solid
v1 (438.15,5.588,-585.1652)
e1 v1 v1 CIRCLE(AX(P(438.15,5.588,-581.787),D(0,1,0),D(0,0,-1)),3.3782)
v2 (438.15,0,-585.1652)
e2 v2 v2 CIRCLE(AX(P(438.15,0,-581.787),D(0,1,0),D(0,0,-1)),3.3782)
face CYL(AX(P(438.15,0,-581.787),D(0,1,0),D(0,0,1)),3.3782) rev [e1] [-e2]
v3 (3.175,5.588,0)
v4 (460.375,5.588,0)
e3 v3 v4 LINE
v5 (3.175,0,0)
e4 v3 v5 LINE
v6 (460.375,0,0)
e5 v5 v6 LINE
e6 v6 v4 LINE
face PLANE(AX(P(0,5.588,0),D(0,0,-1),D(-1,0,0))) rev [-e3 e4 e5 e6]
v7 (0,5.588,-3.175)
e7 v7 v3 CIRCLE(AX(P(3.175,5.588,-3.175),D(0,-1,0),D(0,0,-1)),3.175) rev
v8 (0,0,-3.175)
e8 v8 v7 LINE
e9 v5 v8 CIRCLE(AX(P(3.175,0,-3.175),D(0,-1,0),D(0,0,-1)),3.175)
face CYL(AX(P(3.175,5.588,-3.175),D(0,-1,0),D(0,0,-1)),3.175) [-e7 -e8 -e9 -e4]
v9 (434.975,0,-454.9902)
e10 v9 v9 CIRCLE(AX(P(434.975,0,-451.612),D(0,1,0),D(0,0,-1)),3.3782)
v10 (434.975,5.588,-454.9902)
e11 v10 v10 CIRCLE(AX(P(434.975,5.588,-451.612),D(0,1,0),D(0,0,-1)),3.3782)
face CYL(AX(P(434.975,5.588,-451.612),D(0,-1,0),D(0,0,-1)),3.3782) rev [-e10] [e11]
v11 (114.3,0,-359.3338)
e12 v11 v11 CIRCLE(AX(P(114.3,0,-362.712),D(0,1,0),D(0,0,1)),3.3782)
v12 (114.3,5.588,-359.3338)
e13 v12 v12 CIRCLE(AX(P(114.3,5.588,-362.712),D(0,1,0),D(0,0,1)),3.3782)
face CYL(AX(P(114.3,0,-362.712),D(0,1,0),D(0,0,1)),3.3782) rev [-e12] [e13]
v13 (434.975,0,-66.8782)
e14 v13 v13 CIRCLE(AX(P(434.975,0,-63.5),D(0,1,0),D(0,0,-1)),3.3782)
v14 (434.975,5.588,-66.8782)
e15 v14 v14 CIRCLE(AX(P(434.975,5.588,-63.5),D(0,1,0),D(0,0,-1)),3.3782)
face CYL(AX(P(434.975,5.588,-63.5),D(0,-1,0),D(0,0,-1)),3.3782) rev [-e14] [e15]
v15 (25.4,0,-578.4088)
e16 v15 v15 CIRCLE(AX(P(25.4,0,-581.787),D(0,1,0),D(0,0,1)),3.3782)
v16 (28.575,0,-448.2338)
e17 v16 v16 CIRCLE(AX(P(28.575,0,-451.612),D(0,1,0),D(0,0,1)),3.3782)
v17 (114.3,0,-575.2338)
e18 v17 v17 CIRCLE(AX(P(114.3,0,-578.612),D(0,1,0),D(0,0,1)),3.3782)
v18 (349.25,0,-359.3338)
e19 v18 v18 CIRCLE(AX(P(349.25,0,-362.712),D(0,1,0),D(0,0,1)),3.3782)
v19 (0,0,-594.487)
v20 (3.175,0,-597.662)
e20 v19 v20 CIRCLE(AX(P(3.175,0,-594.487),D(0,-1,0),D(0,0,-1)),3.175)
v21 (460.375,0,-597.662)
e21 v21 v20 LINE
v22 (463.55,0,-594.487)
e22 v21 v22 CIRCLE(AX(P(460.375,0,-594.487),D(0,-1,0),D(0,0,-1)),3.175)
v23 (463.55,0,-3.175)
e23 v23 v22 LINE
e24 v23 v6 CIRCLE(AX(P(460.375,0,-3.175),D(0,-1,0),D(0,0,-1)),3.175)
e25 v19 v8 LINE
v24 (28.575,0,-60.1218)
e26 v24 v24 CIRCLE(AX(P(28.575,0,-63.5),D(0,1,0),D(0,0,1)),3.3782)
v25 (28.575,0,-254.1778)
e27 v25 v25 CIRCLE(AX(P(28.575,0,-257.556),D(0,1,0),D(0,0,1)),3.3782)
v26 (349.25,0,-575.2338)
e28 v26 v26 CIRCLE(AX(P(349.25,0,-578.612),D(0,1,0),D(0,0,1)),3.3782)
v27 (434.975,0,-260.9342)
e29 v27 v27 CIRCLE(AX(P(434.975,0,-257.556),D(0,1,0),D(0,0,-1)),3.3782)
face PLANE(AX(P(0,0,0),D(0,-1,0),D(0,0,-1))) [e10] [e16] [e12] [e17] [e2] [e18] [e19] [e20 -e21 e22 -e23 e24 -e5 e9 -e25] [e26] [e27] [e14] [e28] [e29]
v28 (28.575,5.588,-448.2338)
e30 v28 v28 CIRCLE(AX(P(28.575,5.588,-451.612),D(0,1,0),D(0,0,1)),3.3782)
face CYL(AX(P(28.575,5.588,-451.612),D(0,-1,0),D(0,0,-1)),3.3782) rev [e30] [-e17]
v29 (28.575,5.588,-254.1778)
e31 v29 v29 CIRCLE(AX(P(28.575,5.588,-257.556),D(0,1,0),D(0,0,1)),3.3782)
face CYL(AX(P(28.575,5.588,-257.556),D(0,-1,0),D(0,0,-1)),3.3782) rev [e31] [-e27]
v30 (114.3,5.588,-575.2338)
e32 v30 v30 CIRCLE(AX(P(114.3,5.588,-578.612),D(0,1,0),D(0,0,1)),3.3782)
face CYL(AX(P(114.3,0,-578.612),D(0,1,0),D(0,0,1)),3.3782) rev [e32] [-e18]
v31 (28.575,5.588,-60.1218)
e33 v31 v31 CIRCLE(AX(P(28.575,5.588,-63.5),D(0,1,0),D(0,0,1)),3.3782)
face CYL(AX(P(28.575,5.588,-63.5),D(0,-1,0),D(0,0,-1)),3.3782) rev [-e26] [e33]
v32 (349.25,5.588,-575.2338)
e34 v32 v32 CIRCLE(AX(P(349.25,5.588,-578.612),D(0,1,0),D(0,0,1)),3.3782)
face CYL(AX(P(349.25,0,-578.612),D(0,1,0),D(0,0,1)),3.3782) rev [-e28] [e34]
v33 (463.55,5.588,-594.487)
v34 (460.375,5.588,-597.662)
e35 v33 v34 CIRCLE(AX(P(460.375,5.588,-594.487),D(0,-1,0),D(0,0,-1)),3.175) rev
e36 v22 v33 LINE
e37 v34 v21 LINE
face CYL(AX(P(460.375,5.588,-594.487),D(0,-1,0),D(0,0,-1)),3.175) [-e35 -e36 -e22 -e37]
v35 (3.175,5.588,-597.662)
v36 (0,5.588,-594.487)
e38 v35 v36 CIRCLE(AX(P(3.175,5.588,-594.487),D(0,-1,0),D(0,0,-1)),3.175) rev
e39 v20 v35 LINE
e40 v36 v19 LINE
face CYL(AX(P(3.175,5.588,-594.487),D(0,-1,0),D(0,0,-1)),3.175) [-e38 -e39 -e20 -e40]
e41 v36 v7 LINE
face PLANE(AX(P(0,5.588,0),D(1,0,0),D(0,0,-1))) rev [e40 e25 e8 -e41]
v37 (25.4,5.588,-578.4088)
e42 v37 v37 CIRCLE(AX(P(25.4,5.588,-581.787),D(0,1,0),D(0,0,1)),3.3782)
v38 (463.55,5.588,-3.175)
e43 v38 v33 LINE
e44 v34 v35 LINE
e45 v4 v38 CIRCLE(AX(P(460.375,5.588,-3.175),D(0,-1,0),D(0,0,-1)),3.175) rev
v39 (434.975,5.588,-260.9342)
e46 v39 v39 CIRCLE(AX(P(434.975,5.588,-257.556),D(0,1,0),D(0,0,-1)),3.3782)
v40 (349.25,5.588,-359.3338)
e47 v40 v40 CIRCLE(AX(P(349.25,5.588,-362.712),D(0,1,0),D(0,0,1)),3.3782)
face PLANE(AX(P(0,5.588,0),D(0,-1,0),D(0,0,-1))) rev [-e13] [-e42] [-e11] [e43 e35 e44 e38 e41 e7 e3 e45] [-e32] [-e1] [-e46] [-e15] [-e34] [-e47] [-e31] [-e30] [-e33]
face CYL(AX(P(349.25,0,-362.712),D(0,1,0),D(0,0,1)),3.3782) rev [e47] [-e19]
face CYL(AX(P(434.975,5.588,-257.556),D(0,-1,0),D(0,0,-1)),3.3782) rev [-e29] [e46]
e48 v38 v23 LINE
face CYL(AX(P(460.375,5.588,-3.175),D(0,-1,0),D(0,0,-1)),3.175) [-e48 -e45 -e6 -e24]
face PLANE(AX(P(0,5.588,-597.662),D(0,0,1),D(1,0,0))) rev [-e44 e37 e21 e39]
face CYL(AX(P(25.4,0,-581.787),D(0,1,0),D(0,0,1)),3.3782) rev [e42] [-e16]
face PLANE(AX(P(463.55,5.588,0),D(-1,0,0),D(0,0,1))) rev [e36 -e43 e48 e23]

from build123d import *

# Parameters (mm, degrees)
SKETCH1_W           = 463.55
SKETCH1_H           = 597.662
SKETCH1_R           = 3.3782
BOSS_EXTRUDE1_DEPTH = 5.588
FILLET1_R           = 3.175
SKETCH2_R           = 3.3782
CUT_EXTRUDE1_DEPTH  = 757.379332404
SKETCH3_R           = 3.3782
CUT_EXTRUDE2_DEPTH  = 757.379332404


with BuildPart() as part:
    # Sketch1 → Boss-Extrude1 (new body)
    with BuildSketch(Plane(origin=(0, 0, 0), x_dir=(1, 0, 0), z_dir=(0, 1, 0))):
        with Locations((231.775, 298.831)):
            Rectangle(SKETCH1_W, SKETCH1_H)
        with Locations(Location((28.575, 63.5, 0), (0, 0, 270))):
            Circle(SKETCH1_R, mode=Mode.SUBTRACT)
        with Locations(Location((28.575, 257.556, 0), (0, 0, 270))):
            Circle(SKETCH1_R, mode=Mode.SUBTRACT)
        with Locations(Location((28.575, 451.612, 0), (0, 0, 270))):
            Circle(SKETCH1_R, mode=Mode.SUBTRACT)
        with Locations(Location((434.975, 451.612, 0), (0, 0, 90))):
            Circle(SKETCH1_R, mode=Mode.SUBTRACT)
        with Locations(Location((434.975, 257.556, 0), (0, 0, 90))):
            Circle(SKETCH1_R, mode=Mode.SUBTRACT)
        with Locations(Location((434.975, 63.5, 0), (0, 0, 90))):
            Circle(SKETCH1_R, mode=Mode.SUBTRACT)
    extrude(amount=BOSS_EXTRUDE1_DEPTH)

    # Fillet1
    fillet1_edges = [part.edges().sort_by_distance(p)[0] for p in [
        (0, 2.794, -597.662),
        (463.55, 2.794, -597.662),
        (463.55, 2.794, 0),
        (0, 2.794, 0),
    ]]
    fillet(fillet1_edges, radius=FILLET1_R)

    # Sketch2 → Cut-Extrude1 (cut, through all)
    with BuildSketch(Plane(origin=(0, 5.588, 0), x_dir=(1, 0, 0), z_dir=(0, 1, 0))):
        with Locations(Location((25.4, 581.787, 0), (0, 0, 270))):
            Circle(SKETCH2_R)
        with Locations(Location((438.15, 581.787, 0), (0, 0, 90))):
            Circle(SKETCH2_R)
    extrude(amount=-CUT_EXTRUDE1_DEPTH, mode=Mode.SUBTRACT)

    # Sketch3 → Cut-Extrude2 (cut, through all)
    with BuildSketch(Plane(origin=(0, 5.588, 0), x_dir=(1, 0, 0), z_dir=(0, 1, 0))):
        with Locations(Location((114.3, 578.612, 0), (0, 0, 270))):
            Circle(SKETCH3_R)
        with Locations(Location((349.25, 578.612, 0), (0, 0, 270))):
            Circle(SKETCH3_R)
        with Locations(Location((114.3, 362.712, 0), (0, 0, 270))):
            Circle(SKETCH3_R)
        with Locations(Location((349.25, 362.712, 0), (0, 0, 270))):
            Circle(SKETCH3_R)
    extrude(amount=-CUT_EXTRUDE2_DEPTH, mode=Mode.SUBTRACT)


solid = part.part
